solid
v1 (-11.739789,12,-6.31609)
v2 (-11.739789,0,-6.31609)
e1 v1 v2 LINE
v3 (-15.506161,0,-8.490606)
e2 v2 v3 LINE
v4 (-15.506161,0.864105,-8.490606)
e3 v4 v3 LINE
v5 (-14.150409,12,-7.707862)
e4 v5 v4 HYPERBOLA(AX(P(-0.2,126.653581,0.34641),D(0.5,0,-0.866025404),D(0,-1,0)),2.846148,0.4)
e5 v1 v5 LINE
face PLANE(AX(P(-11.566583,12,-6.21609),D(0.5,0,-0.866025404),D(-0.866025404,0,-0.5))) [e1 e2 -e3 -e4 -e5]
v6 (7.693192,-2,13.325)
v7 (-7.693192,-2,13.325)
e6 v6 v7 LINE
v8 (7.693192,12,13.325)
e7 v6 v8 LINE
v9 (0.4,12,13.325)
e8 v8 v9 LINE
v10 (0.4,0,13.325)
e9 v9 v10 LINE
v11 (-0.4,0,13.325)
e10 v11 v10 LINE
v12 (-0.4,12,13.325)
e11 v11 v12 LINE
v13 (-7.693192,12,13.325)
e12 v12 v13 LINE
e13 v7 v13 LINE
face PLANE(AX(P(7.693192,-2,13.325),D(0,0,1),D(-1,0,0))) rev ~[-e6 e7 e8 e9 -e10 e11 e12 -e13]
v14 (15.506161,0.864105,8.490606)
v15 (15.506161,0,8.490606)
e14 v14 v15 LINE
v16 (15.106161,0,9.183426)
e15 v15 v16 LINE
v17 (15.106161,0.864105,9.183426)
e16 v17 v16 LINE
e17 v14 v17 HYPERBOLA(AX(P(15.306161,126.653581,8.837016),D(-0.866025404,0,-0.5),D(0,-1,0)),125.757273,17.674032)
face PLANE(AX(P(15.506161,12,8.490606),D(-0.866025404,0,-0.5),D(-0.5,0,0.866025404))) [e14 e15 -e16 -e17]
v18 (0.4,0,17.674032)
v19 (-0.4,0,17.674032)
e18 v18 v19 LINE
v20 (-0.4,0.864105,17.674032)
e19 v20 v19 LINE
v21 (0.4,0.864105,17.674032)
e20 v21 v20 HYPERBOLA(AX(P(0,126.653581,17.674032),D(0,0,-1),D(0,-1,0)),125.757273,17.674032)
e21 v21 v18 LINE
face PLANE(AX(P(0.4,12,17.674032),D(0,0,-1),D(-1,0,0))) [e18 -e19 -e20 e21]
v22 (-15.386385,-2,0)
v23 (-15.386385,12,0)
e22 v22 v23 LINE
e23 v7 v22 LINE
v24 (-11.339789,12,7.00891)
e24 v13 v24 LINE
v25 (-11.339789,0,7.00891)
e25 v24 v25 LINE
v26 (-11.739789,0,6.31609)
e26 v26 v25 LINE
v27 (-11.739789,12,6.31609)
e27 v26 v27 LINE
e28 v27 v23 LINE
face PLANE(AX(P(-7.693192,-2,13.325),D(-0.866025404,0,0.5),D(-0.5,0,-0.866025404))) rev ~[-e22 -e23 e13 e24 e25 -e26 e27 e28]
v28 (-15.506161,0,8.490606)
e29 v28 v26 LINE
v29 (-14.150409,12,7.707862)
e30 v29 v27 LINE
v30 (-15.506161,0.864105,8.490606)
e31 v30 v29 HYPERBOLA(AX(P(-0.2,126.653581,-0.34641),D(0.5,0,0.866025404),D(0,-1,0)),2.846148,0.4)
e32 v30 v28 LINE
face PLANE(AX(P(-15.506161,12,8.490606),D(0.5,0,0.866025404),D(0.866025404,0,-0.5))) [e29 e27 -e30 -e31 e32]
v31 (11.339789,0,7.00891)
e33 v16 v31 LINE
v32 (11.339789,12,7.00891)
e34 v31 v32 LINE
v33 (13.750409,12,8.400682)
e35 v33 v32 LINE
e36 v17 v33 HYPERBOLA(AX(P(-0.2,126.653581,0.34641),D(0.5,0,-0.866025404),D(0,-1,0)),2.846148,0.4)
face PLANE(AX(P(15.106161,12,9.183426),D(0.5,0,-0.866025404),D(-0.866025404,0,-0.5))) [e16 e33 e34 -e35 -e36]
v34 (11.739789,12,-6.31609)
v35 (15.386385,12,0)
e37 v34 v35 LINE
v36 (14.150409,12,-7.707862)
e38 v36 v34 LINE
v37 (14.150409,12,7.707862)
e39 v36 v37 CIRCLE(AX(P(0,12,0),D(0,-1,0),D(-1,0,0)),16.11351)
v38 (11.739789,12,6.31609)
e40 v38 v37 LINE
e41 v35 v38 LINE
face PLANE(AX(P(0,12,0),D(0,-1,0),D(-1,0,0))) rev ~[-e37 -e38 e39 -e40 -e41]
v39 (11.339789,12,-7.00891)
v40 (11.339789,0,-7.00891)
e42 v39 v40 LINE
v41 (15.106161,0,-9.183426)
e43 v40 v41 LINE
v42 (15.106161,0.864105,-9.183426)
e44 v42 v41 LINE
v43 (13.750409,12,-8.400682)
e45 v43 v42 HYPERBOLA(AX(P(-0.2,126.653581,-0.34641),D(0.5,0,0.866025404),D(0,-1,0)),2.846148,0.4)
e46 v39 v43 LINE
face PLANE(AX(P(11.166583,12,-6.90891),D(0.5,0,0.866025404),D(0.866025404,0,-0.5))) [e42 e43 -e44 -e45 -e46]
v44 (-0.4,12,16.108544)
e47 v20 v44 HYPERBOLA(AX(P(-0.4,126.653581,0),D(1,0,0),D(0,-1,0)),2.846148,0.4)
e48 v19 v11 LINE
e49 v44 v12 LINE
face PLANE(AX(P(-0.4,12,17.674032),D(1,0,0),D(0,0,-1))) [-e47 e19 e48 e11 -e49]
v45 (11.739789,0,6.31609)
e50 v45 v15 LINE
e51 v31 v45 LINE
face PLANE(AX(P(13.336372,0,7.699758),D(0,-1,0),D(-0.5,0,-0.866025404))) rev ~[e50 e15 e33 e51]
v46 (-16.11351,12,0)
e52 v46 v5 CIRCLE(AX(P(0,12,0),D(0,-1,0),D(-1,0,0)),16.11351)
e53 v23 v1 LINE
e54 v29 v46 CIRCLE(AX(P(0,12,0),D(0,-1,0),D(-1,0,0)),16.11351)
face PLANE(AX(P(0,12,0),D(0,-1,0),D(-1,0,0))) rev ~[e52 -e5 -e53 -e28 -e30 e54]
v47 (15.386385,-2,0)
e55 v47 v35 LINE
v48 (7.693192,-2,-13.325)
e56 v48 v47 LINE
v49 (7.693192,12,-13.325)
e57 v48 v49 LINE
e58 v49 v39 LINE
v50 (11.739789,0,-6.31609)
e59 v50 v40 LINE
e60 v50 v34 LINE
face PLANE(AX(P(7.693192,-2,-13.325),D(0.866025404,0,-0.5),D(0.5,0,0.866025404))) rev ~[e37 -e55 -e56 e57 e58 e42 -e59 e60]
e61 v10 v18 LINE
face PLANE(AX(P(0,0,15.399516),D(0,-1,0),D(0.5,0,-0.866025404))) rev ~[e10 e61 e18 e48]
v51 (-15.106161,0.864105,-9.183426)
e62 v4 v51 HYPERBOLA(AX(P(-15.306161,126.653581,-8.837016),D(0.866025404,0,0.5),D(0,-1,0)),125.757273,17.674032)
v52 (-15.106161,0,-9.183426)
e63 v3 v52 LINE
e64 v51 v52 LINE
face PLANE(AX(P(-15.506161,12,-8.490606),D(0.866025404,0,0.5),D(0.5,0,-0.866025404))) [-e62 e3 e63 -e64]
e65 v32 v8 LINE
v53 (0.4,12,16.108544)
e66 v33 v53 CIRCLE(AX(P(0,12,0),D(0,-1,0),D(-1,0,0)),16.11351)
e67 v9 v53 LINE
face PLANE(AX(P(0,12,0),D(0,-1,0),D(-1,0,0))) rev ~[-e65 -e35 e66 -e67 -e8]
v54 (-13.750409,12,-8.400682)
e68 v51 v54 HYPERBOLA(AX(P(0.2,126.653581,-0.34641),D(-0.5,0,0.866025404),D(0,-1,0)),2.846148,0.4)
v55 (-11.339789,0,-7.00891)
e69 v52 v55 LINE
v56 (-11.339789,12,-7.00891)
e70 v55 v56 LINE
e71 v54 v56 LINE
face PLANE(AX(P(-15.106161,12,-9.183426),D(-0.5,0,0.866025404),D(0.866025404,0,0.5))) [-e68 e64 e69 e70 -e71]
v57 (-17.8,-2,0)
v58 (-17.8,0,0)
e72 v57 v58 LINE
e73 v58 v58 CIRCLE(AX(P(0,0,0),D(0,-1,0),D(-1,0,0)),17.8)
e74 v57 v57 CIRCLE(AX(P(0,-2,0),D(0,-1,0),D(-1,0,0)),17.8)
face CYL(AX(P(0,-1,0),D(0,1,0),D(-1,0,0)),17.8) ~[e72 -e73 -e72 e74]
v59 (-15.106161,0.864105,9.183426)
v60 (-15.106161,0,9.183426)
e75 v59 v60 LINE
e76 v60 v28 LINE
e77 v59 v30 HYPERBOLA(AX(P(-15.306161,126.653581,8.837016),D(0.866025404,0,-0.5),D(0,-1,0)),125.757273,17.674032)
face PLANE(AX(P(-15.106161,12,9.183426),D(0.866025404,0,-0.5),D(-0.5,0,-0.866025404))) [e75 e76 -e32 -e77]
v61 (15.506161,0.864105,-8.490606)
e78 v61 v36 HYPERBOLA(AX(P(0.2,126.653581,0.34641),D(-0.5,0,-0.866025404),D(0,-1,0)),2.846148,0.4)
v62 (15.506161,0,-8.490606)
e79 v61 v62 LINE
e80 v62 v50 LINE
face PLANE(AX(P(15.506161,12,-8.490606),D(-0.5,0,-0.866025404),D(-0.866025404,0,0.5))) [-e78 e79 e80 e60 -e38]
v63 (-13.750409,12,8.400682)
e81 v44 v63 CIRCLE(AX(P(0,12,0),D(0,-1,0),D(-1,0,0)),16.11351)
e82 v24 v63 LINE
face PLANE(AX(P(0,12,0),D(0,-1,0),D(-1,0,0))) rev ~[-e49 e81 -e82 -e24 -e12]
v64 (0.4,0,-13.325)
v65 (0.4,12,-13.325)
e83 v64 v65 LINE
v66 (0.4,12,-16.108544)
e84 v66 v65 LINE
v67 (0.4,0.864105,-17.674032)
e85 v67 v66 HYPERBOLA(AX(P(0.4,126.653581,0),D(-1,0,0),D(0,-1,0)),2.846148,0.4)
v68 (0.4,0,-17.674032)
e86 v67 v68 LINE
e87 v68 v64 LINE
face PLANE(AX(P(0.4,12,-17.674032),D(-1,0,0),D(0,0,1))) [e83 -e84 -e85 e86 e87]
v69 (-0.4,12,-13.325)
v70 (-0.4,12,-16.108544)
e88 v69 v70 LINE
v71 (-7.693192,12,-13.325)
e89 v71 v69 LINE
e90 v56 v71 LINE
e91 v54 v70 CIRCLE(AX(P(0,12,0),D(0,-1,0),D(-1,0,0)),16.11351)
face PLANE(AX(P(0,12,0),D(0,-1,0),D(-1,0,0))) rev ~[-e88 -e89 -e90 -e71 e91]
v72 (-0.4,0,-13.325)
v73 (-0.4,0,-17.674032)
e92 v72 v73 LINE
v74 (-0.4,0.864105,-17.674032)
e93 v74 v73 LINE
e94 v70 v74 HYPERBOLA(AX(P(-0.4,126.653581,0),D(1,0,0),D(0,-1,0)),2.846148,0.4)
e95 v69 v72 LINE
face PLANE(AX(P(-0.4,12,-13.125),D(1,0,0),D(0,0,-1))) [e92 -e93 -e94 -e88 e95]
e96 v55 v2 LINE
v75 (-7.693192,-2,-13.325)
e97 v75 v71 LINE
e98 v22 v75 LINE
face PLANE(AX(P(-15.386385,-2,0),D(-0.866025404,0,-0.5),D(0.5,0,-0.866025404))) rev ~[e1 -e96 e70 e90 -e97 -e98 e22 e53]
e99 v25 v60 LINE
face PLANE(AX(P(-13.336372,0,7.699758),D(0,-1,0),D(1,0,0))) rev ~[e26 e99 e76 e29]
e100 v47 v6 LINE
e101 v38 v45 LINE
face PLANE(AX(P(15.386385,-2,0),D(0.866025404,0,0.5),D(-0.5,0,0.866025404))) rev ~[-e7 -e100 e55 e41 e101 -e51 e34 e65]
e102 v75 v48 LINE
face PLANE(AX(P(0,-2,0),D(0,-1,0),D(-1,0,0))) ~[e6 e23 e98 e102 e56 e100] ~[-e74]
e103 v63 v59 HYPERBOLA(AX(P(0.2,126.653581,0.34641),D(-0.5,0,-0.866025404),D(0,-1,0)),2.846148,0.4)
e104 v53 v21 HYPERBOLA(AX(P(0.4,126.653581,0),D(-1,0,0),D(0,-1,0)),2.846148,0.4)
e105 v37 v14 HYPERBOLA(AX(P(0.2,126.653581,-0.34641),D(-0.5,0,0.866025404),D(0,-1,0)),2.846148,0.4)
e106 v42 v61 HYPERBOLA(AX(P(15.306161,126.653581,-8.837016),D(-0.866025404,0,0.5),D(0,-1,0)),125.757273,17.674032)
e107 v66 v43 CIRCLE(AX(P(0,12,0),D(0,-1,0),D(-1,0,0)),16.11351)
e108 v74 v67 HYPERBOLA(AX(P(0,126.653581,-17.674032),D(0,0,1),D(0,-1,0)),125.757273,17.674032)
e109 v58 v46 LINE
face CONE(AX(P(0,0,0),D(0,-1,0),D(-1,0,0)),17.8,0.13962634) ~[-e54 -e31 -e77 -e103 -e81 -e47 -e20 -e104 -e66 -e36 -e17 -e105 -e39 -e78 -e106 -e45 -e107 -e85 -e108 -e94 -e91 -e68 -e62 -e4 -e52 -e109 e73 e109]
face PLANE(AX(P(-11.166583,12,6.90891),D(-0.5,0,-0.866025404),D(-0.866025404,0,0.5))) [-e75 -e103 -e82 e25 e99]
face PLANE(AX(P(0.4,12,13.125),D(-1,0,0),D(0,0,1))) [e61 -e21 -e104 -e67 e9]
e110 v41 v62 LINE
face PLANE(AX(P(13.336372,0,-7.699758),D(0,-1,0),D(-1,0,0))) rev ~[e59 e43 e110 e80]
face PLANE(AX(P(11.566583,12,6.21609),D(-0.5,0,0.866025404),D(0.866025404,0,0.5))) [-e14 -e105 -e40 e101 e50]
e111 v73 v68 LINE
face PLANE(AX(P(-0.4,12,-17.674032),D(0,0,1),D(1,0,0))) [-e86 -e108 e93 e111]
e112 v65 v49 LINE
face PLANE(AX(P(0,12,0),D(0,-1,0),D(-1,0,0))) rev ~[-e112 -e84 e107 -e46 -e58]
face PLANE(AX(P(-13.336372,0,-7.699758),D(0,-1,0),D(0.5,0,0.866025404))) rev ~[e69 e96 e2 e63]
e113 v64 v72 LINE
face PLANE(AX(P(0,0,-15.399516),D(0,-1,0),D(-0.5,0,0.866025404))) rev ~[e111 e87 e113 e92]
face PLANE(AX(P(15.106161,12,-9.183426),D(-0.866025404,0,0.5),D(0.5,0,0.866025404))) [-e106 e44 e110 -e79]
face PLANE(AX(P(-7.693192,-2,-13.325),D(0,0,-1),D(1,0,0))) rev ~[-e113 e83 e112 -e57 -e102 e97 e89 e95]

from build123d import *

# Parameters (mm, degrees)
J1_COLLET_HEX_BORE_DEPTH     = 29.804166365
J1_COLLET_MASTER_SLIT_DEPTH  = 12
J1_COLLET_SLIT_PATTERN_COUNT = 6


with BuildPart() as part:
    # J1_Collet_Outer_Profile → J1_Collet_Blank (revolve)
    with BuildSketch(Plane.XY):
        Polygon((16.113509984, 12), (0, 12), (0, -2), (17.8, -2), (17.8, 0), align=None)
    revolve(axis=Axis((0, 12, 0), (0, -1, 0)))

    # J1_Collet_Hex_Bore_Profile → J1_Collet_Hex_Bore (cut, through all)
    with BuildSketch(Plane.XZ.offset(2)):
        Polygon((15.386384674, 0), (7.693192337, 13.325), (-7.693192337, 13.325), (-15.386384674, 0), (-7.693192337, -13.325), (7.693192337, -13.325), align=None)
    extrude(amount=-J1_COLLET_HEX_BORE_DEPTH, mode=Mode.SUBTRACT)

    # J1_Collet_Master_Slit_Profile → J1_Collet_Master_Slit (cut)
    with BuildSketch(Plane(origin=(0, 12, 0), x_dir=(1, 0, 0), z_dir=(0, 1, 0))):
        Polygon((11.166583425, 6.908910162), (15.106160781, 9.183426209), (15.506160781, 8.490605886), (11.566583425, 6.216089838), align=None)
    j1_collet_master_slit = extrude(amount=-J1_COLLET_MASTER_SLIT_DEPTH, mode=Mode.SUBTRACT)

    # J1_Collet_Slit_Pattern: J1_Collet_Master_Slit ×6 about axis
    j1_collet_slit_pattern_axis = Axis((0, -21.828323373, 0), (0, 1, 0))
    for i in range(1, J1_COLLET_SLIT_PATTERN_COUNT):
        add(j1_collet_master_slit.rotate(j1_collet_slit_pattern_axis, i * 360 / J1_COLLET_SLIT_PATTERN_COUNT), mode=Mode.SUBTRACT)


solid = part.part
